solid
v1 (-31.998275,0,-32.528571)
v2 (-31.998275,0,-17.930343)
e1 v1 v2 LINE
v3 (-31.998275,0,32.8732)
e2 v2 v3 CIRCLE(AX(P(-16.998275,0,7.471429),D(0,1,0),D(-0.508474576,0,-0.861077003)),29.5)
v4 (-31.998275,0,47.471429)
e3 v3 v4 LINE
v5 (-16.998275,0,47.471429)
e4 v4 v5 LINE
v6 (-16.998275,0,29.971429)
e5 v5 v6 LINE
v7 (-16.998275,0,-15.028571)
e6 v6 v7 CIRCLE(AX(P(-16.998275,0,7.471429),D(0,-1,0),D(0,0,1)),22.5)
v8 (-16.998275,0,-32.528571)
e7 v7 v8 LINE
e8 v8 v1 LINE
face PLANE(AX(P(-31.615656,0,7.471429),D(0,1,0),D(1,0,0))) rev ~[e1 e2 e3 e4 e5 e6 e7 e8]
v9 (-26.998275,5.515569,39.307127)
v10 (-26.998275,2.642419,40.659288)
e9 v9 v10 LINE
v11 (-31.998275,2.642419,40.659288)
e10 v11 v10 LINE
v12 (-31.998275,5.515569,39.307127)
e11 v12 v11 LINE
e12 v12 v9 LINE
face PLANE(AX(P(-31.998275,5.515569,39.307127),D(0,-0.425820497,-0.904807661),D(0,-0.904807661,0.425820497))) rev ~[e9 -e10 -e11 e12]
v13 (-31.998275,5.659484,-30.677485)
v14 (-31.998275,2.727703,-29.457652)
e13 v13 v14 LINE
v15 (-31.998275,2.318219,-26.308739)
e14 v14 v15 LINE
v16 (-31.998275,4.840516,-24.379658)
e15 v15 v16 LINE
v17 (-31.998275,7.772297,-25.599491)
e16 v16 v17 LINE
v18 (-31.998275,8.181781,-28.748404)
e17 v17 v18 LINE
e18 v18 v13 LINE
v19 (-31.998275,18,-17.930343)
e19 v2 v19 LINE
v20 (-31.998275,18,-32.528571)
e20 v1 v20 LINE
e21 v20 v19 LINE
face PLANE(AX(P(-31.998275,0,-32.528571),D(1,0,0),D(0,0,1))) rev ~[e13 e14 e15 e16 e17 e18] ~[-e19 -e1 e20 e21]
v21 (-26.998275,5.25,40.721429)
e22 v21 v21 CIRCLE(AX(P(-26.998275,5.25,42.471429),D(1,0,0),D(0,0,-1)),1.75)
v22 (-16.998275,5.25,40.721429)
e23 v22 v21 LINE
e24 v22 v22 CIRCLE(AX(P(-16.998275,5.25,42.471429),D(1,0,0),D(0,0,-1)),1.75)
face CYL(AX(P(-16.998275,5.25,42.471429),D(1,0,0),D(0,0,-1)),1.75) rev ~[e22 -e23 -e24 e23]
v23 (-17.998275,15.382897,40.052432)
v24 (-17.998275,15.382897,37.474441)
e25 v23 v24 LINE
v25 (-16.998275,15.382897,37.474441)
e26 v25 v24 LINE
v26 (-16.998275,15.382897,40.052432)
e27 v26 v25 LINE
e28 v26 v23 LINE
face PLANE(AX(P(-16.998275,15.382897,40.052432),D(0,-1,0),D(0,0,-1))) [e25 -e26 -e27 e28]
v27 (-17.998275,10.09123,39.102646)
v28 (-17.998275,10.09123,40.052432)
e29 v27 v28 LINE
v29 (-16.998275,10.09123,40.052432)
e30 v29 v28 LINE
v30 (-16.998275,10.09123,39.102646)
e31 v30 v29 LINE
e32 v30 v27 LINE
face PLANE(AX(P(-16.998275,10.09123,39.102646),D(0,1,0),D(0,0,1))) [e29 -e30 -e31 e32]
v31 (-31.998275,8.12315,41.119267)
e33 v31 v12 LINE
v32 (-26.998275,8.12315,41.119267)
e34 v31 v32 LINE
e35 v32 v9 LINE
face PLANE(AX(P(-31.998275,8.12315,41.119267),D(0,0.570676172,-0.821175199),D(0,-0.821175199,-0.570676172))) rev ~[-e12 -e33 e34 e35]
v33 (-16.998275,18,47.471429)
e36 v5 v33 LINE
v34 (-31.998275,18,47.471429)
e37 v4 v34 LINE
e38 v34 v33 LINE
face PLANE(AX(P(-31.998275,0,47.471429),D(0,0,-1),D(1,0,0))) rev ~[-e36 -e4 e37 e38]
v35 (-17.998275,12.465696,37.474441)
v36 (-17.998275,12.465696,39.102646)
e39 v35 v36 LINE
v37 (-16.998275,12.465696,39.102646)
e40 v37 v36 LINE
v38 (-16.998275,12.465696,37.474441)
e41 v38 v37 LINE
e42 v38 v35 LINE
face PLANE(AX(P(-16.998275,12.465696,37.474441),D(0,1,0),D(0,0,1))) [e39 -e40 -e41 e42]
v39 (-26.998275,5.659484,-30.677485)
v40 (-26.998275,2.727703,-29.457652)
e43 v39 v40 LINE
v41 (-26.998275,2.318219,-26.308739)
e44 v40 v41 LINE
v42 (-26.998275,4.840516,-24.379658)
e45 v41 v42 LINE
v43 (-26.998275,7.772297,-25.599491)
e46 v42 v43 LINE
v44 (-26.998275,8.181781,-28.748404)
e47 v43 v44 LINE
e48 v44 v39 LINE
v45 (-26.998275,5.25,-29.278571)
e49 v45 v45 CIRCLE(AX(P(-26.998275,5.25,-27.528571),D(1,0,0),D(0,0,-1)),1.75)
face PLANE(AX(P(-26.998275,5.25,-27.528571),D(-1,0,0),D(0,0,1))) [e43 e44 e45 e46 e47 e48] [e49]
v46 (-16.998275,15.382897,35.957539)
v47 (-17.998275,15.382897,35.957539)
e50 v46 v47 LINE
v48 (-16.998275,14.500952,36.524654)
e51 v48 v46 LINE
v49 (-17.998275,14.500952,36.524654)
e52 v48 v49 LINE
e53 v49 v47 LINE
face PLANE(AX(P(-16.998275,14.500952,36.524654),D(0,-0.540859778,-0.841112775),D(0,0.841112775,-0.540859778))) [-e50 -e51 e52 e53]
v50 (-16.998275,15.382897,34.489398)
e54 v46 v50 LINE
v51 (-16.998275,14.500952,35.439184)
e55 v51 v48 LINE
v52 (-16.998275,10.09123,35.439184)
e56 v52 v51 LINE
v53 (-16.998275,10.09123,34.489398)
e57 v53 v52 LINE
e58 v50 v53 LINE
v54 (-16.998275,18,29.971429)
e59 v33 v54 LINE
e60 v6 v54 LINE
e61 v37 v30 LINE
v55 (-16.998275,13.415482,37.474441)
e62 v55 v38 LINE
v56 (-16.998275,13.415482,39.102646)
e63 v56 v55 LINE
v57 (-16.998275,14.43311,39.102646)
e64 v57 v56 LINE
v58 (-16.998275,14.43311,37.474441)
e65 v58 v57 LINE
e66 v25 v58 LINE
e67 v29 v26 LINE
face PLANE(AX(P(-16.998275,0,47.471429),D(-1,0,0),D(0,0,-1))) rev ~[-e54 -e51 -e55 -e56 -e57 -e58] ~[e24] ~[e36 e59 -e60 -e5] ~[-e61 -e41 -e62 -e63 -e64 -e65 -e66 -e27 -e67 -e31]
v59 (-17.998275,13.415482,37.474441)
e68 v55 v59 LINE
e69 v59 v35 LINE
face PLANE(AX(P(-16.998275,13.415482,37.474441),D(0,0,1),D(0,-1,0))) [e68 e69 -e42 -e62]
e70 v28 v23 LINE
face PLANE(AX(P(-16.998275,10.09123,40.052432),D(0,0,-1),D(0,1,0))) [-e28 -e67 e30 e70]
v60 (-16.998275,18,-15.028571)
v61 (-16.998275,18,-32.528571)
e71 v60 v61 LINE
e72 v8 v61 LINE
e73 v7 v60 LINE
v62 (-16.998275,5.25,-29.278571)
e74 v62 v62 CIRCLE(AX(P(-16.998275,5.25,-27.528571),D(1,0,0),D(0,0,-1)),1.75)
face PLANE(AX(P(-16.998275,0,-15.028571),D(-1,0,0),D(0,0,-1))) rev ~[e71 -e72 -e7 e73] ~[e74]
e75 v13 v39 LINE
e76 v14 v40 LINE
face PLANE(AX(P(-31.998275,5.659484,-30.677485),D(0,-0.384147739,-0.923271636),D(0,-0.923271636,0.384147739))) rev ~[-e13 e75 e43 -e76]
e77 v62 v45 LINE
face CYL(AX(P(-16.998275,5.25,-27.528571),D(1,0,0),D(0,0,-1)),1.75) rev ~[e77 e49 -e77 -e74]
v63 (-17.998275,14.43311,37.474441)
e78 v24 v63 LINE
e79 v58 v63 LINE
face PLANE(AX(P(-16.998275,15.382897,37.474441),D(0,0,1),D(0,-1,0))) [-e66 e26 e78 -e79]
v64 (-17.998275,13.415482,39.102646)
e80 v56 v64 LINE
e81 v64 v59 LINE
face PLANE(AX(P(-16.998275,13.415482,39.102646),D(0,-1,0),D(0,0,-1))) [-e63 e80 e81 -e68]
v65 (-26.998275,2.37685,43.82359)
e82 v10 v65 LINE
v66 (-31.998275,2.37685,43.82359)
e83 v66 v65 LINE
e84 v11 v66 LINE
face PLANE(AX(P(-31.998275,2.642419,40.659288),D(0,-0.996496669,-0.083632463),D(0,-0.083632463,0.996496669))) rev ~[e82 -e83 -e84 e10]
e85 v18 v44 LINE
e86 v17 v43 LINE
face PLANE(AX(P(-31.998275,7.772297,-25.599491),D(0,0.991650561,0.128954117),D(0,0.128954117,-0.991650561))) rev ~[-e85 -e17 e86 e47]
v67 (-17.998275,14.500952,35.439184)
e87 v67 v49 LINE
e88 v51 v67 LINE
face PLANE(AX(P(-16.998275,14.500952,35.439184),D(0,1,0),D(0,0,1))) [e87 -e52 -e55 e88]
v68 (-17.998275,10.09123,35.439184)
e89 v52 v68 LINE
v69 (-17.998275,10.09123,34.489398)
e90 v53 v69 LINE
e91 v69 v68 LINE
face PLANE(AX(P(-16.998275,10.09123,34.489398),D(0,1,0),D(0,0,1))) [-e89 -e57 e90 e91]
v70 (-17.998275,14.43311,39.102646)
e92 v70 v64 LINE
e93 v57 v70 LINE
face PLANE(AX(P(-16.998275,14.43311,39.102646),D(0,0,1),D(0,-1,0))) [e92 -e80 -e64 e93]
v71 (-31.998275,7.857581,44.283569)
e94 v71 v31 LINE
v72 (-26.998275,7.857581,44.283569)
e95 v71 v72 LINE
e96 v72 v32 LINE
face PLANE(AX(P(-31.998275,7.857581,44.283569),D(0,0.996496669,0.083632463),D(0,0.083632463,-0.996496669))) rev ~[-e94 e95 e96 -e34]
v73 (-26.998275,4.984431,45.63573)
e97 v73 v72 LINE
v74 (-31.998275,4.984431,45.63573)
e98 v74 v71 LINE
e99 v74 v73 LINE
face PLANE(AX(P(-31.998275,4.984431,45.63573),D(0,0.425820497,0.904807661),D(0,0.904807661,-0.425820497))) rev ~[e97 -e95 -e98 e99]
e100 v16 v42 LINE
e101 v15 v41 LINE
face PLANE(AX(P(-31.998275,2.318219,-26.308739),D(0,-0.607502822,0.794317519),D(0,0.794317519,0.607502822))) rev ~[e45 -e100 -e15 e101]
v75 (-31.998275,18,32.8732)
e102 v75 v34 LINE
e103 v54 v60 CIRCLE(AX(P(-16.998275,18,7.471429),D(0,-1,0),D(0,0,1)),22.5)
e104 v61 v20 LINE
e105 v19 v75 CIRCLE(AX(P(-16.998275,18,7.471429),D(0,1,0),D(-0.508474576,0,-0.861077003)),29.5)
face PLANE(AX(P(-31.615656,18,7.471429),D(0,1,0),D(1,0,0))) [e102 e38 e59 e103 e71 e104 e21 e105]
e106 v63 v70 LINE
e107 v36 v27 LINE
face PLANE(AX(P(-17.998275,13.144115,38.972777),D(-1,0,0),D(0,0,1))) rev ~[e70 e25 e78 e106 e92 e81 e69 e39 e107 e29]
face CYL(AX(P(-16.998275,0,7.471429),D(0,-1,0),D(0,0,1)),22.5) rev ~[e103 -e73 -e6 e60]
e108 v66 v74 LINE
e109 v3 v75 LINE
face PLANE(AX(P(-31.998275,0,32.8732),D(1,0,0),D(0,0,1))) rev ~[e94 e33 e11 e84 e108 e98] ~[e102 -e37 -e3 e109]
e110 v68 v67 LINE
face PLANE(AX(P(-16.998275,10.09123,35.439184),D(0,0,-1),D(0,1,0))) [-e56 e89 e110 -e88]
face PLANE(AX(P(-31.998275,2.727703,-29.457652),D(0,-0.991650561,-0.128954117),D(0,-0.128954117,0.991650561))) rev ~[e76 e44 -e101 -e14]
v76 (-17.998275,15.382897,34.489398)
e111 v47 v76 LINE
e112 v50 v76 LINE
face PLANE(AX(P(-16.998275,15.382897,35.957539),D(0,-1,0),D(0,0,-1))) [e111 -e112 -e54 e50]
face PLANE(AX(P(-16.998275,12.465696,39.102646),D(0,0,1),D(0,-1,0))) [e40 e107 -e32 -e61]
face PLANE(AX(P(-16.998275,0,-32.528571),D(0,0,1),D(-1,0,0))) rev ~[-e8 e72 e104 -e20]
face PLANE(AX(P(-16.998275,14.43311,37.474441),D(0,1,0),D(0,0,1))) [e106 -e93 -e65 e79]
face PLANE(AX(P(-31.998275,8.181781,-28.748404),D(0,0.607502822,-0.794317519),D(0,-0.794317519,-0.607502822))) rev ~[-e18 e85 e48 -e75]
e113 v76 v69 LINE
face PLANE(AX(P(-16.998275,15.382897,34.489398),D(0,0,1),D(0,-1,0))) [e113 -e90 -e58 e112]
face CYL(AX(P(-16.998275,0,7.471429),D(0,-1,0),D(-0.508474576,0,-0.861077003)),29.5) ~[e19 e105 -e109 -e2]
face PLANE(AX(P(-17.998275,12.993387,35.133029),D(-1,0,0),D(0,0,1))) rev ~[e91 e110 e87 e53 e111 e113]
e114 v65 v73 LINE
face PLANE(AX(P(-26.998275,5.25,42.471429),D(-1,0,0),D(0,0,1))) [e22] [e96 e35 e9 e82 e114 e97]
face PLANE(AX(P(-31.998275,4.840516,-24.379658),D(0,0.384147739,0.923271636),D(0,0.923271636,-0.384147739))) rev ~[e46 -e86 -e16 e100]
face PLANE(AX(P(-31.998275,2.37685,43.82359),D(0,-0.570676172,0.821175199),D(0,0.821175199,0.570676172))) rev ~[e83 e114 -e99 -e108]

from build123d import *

# Parameters (mm, degrees)
BOSS_EXTRUDE1_DEPTH = 18
SKETCH2_R           = 1.75
CUT_EXTRUDE1_DEPTH  = 30.5
CUT_EXTRUDE2_DEPTH  = 1
CUT_EXTRUDE3_DEPTH  = 5


with BuildPart() as part:
    # Sketch1 → Boss-Extrude1 (new body)
    with BuildSketch(Plane(origin=(0, 0, 0), x_dir=(1, 0, 0), z_dir=(0, 1, 0))):
        with BuildLine():
            ThreePointArc((-16.998275301, 22.028571429), (-24.773162376, 20.985576383), (-31.998275301, 17.93034302))
            ThreePointArc((-31.998275301, 17.93034302), (-46.498275301, -7.471428571), (-31.998275301, -32.873200163))
            ThreePointArc((-31.998275301, -32.873200163), (-24.773162376, -35.928433526), (-16.998275301, -36.971428571))
            Line((-16.998275301, -36.971428571), (-16.998275301, -29.971428571))
            ThreePointArc((-16.998275301, -29.971428571), (-39.498275301, -7.471428571), (-16.998275301, 15.028571429))
            Line((-16.998275301, 15.028571429), (-16.998275301, 22.028571429))
        make_face()
        with BuildLine():
            Line((-16.998275301, 32.528571429), (-31.998275301, 32.528571429))
            Line((-31.998275301, 32.528571429), (-31.998275301, 17.93034302))
            ThreePointArc((-31.998275301, 17.93034302), (-24.773162376, 20.985576383), (-16.998275301, 22.028571429))
            Line((-16.998275301, 22.028571429), (-16.998275301, 32.528571429))
        make_face()
        with BuildLine():
            Line((-31.998275301, -32.873200163), (-31.998275301, -47.471428571))
            Line((-31.998275301, -47.471428571), (-16.998275301, -47.471428571))
            Line((-16.998275301, -47.471428571), (-16.998275301, -36.971428571))
            ThreePointArc((-16.998275301, -36.971428571), (-24.773162376, -35.928433526), (-31.998275301, -32.873200163))
        make_face()
    extrude(amount=BOSS_EXTRUDE1_DEPTH)

    # Sketch2 → Cut-Extrude1 (cut, through all)
    with BuildSketch(Plane(origin=(-16.998275301, 0, 0), x_dir=(0, 0, -1), z_dir=(1, 0, 0))):
        with Locations((-42.471428571, 5.25)):
            Circle(SKETCH2_R)
        with Locations((27.528571429, 5.25)):
            Circle(SKETCH2_R)
    extrude(amount=-CUT_EXTRUDE1_DEPTH, mode=Mode.SUBTRACT)

    # Sketch3 → Cut-Extrude2 (cut)
    with BuildSketch(Plane(origin=(-16.998275301, 0, 0), x_dir=(0, 0, -1), z_dir=(1, 0, 0))):
        Polygon((-40.05243206, 15.382896708), (-37.474440607, 15.382896708), (-37.474440607, 14.433110383), (-39.102645735, 14.433110383), (-39.102645735, 13.415482178), (-37.474440607, 13.415482178), (-37.474440607, 12.465695853), (-39.102645735, 12.465695853), (-39.102645735, 10.091230041), (-40.05243206, 10.091230041), align=None)
        Polygon((-35.957538563, 15.382896708), (-34.489397872, 15.382896708), (-34.489397872, 10.091230041), (-35.439184196, 10.091230041), (-35.439184196, 14.500952263), (-36.524654282, 14.500952263), align=None)
    extrude(amount=-CUT_EXTRUDE2_DEPTH, mode=Mode.SUBTRACT)

    # Sketch4 → Cut-Extrude3 (cut)
    with BuildSketch(Plane.ZY.offset(31.998275301)):
        Polygon((-26.308738524, 2.318218798), (-24.379657977, 4.840515682), (-25.599490881, 7.772296885), (-28.748404333, 8.181781202), (-30.67748488, 5.659484318), (-29.457651976, 2.727703115), align=None)
        Polygon((43.823590255, 2.376849792), (45.635730482, 4.984431264), (44.283568799, 7.857581471), (41.119266888, 8.123150208), (39.307126661, 5.515568736), (40.659288344, 2.642418529), align=None)
    extrude(amount=-CUT_EXTRUDE3_DEPTH, mode=Mode.SUBTRACT)


solid = part.part
